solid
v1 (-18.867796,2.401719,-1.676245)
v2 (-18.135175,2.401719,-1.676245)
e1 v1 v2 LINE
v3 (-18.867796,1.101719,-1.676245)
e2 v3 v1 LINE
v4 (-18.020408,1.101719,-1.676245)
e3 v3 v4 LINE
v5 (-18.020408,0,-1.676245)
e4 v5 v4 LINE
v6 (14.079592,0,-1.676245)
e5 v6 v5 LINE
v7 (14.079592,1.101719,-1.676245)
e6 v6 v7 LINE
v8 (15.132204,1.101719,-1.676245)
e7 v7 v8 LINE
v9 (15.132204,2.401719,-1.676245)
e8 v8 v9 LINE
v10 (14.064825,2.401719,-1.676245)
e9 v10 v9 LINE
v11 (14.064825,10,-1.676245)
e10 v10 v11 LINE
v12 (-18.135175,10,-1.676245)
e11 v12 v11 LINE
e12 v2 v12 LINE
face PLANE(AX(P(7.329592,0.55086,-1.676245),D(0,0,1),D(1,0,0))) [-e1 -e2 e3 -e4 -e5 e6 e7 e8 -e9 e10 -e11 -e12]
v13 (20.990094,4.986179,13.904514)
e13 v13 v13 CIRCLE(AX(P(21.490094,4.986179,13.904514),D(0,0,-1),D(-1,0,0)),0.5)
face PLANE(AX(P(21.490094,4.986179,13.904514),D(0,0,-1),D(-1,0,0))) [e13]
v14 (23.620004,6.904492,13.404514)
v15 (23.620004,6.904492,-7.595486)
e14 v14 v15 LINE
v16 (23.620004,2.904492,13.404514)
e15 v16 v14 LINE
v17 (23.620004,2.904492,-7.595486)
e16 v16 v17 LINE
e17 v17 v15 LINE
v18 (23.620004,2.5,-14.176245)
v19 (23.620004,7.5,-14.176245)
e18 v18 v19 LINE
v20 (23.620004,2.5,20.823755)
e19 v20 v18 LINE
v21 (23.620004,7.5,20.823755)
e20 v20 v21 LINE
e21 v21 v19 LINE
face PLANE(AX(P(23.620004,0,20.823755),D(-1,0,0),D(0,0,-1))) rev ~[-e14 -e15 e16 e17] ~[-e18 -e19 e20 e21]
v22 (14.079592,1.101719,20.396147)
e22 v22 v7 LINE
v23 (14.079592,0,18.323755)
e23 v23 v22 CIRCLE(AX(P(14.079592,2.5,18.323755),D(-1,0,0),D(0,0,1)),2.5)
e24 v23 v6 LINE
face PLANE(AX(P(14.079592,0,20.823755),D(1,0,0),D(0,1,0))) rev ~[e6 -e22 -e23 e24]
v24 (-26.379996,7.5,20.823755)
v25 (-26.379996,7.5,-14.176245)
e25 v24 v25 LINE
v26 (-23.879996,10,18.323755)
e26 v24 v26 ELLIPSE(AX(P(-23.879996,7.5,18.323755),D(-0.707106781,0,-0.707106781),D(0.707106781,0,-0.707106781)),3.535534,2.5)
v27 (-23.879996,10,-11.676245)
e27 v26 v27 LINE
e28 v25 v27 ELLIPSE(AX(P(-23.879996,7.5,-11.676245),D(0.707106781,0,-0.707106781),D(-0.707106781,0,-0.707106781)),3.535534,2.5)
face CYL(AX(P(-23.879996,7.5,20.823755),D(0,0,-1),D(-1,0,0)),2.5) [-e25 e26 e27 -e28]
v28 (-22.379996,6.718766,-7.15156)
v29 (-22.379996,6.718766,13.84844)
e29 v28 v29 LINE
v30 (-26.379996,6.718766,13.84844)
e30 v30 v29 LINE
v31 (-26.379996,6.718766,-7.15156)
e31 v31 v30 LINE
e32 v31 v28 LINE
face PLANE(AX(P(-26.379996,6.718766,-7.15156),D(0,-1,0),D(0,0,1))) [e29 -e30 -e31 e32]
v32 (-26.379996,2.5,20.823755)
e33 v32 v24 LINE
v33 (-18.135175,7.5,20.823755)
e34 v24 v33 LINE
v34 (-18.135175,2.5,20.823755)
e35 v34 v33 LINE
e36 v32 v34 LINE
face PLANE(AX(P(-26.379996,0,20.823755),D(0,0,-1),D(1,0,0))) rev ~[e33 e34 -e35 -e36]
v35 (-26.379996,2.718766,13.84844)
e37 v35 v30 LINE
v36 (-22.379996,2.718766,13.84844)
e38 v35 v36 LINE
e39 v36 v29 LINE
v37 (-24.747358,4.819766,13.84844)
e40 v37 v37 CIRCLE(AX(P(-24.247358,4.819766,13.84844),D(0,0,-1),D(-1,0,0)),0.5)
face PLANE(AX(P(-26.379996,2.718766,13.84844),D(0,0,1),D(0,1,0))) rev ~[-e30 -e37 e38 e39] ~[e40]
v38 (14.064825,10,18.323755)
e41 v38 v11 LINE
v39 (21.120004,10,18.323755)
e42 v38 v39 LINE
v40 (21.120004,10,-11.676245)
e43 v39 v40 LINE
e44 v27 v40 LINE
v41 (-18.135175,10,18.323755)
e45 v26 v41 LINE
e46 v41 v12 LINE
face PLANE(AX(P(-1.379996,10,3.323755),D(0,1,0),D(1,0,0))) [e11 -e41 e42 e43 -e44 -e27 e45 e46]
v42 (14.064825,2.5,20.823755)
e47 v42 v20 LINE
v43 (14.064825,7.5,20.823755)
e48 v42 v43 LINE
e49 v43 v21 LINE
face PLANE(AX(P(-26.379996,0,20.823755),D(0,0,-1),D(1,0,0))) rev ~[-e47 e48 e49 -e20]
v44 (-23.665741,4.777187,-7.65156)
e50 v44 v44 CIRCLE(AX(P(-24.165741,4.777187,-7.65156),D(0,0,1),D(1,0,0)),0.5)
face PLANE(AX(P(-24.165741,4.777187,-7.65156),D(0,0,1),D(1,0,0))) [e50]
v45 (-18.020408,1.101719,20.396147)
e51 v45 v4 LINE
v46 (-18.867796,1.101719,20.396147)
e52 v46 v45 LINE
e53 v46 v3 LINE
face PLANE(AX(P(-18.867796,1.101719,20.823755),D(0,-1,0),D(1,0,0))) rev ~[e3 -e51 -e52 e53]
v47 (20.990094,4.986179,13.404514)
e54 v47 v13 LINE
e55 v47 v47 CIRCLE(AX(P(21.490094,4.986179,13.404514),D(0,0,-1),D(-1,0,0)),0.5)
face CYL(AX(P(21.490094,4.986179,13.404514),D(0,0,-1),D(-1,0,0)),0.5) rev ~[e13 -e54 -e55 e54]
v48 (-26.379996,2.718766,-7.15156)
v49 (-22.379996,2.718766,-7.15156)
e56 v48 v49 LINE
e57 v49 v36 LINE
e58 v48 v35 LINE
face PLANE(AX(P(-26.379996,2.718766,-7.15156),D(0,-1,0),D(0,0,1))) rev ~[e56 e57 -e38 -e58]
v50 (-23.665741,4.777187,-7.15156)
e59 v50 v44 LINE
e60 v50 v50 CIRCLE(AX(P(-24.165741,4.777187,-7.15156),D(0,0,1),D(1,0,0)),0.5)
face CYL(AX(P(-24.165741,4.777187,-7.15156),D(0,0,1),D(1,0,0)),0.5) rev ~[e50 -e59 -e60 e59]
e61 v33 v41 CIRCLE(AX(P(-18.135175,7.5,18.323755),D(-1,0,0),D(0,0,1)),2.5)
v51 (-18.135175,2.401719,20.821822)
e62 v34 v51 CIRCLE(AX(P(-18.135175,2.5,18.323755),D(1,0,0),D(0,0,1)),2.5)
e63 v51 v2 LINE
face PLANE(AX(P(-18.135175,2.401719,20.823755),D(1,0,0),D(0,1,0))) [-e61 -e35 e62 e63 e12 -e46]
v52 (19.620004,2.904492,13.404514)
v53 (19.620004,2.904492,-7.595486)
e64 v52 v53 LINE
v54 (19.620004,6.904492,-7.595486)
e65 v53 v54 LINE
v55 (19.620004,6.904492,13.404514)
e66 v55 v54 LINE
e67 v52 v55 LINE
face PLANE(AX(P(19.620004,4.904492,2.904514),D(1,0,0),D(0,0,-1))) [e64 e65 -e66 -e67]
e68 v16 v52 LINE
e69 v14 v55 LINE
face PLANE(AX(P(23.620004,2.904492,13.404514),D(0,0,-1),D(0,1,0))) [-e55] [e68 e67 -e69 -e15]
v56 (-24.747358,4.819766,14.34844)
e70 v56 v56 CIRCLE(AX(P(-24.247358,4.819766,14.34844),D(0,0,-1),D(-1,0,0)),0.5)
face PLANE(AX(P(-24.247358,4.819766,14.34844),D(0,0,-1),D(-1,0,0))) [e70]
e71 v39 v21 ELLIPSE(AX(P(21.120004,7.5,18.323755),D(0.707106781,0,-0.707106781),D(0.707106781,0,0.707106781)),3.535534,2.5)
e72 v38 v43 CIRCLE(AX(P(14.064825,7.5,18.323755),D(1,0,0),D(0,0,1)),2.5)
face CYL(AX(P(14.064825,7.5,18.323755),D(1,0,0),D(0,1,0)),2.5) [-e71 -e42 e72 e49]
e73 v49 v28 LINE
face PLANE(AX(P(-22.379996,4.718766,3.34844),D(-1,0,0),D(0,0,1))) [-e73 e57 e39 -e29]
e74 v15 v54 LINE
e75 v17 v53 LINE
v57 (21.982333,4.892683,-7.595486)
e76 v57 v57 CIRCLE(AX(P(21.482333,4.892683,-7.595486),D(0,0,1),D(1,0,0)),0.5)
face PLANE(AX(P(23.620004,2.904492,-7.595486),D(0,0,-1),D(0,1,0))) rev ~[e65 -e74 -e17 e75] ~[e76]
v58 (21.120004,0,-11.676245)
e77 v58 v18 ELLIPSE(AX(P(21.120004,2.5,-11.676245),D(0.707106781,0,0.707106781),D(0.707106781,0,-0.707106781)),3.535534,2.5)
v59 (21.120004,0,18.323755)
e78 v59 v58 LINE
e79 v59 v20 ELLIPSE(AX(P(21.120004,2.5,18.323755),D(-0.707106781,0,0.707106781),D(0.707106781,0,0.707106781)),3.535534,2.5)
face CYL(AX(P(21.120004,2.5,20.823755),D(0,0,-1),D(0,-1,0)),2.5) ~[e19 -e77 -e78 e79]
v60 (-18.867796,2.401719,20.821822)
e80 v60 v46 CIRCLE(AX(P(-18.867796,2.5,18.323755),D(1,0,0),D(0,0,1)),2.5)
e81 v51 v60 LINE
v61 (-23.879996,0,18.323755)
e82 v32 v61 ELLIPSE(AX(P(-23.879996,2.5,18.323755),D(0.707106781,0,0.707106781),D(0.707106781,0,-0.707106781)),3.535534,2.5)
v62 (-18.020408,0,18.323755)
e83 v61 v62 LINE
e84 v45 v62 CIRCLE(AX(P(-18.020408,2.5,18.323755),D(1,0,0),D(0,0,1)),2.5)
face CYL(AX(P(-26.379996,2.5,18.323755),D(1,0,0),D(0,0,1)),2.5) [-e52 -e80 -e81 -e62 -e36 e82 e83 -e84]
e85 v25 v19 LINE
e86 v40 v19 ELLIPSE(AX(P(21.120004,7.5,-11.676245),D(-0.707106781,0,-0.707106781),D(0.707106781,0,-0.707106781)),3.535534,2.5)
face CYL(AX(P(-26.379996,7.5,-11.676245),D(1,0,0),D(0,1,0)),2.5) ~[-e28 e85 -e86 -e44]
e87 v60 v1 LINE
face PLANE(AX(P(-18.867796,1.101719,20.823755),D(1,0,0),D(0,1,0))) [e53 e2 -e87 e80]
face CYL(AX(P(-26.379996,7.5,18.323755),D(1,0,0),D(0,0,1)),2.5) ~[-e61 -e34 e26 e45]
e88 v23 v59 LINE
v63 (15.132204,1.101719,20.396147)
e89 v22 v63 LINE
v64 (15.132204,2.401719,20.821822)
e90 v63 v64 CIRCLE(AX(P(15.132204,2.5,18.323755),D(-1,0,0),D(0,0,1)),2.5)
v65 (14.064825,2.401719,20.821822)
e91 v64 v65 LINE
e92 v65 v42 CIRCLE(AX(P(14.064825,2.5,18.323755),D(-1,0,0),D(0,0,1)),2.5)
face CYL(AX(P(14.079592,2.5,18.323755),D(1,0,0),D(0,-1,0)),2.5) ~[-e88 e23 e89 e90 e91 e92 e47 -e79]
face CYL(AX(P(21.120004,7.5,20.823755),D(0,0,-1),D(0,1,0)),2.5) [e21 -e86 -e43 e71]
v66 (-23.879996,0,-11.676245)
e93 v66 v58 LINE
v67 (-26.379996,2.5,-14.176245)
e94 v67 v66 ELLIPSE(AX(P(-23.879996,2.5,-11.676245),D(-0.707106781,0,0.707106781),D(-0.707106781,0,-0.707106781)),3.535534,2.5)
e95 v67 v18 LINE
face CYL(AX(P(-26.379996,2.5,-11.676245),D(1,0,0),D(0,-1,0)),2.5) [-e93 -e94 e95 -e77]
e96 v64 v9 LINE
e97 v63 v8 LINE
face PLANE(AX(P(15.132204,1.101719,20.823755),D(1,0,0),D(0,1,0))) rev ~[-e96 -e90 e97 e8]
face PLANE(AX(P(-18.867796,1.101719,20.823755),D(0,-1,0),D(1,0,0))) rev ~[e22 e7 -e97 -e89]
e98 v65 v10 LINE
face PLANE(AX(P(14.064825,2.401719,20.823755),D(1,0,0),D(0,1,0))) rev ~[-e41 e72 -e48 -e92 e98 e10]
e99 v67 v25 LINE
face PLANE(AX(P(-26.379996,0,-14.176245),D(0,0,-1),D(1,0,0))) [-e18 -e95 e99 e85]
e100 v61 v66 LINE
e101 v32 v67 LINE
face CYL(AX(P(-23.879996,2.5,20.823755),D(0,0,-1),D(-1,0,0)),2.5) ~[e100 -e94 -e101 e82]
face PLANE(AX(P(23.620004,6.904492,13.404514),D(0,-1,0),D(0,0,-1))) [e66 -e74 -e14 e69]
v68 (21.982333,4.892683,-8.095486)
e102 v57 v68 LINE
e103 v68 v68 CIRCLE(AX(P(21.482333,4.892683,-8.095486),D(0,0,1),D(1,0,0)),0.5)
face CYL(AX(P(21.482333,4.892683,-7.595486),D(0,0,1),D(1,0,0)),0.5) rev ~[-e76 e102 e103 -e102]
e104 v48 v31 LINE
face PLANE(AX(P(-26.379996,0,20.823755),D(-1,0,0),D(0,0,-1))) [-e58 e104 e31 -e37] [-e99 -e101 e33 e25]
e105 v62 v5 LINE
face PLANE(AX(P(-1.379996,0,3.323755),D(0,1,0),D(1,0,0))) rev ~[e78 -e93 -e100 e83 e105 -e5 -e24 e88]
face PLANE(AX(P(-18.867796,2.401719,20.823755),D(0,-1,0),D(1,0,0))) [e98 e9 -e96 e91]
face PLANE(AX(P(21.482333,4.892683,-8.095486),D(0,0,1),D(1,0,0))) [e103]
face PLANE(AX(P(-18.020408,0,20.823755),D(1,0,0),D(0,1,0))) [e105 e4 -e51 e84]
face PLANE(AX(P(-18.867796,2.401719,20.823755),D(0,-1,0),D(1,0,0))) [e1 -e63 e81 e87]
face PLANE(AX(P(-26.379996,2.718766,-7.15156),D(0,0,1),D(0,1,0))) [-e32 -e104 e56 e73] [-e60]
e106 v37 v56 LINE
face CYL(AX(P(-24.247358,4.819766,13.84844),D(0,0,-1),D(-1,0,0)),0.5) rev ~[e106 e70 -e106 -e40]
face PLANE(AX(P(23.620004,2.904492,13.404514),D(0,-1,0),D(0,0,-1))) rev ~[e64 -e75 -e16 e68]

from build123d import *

# Parameters (mm, degrees)
SKETCH1_W           = 50
SKETCH1_H           = 35
BOSS_EXTRUDE1_DEPTH = 10
SKETCH2_W           = 34
SKETCH2_H           = 1.3
CUT_EXTRUDE1_DEPTH  = 22.5
SKETCH3_W           = 15
SKETCH3_H           = 7.598280995
CUT_EXTRUDE2_DEPTH  = 22.5
SKETCH4_W           = 17.2
SKETCH4_H           = 7.598280995
CUT_EXTRUDE3_DEPTH  = 22.5
SKETCH5_W           = 13.5
SKETCH5_H           = 1.101719005
CUT_EXTRUDE4_DEPTH  = 22.5
SKETCH6_W           = 18.6
SKETCH6_H           = 1.101719005
CUT_EXTRUDE5_DEPTH  = 22.5
SKETCH7_W           = 21
SKETCH7_H           = 4
CUT_EXTRUDE6_DEPTH  = 4
SKETCH8_R           = 0.5
CUT_EXTRUDE7_DEPTH  = 0.5
SKETCH9_R           = 0.5
CUT_EXTRUDE8_DEPTH  = 0.5
SKETCH10_W          = 21
SKETCH10_H          = 4
CUT_EXTRUDE9_DEPTH  = 4
SKETCH11_R          = 0.5
CUT_EXTRUDE10_DEPTH = 0.5
SKETCH12_R          = 0.5
CUT_EXTRUDE11_DEPTH = 0.5
FILLET1_R           = 2.5


with BuildPart() as part:
    # Sketch1 → Boss-Extrude1 (new body)
    with BuildSketch(Plane(origin=(0, 0, 0), x_dir=(1, 0, 0), z_dir=(0, 1, 0))):
        with Locations((-1.379996057, -3.323754789)):
            Rectangle(SKETCH1_W, SKETCH1_H)
    extrude(amount=BOSS_EXTRUDE1_DEPTH)

    # Sketch2 → Cut-Extrude1 (cut)
    with BuildSketch(Plane.XY.offset(20.823754789)):
        with Locations((-1.867795916, 1.751719005)):
            Rectangle(SKETCH2_W, SKETCH2_H)
    extrude(amount=-CUT_EXTRUDE1_DEPTH, mode=Mode.SUBTRACT)

    # Sketch3 → Cut-Extrude2 (cut)
    with BuildSketch(Plane.XY.offset(20.823754789)):
        with Locations((6.564825068, 6.200859503)):
            Rectangle(SKETCH3_W, SKETCH3_H)
    extrude(amount=-CUT_EXTRUDE2_DEPTH, mode=Mode.SUBTRACT)

    # Sketch4 → Cut-Extrude3 (cut)
    with BuildSketch(Plane.XY.offset(20.823754789)):
        with Locations((-9.535174932, 6.200859503)):
            Rectangle(SKETCH4_W, SKETCH4_H)
    extrude(amount=-CUT_EXTRUDE3_DEPTH, mode=Mode.SUBTRACT)

    # Sketch5 → Cut-Extrude4 (cut)
    with BuildSketch(Plane.XY.offset(20.823754789)):
        with Locations((7.329591682, 0.550859503)):
            Rectangle(SKETCH5_W, SKETCH5_H)
    extrude(amount=-CUT_EXTRUDE4_DEPTH, mode=Mode.SUBTRACT)

    # Sketch6 → Cut-Extrude5 (cut)
    with BuildSketch(Plane.XY.offset(20.823754789)):
        with Locations((-8.720408318, 0.550859503)):
            Rectangle(SKETCH6_W, SKETCH6_H)
    extrude(amount=-CUT_EXTRUDE5_DEPTH, mode=Mode.SUBTRACT)

    # Sketch7 → Cut-Extrude6 (cut)
    with BuildSketch(Plane.ZY.offset(26.379996057)):
        with Locations((3.348440288, 4.718765764)):
            Rectangle(SKETCH7_W, SKETCH7_H)
    extrude(amount=-CUT_EXTRUDE6_DEPTH, mode=Mode.SUBTRACT)

    # Sketch8 → Cut-Extrude7 (cut)
    with BuildSketch(Plane.XY.offset(-7.151559712)):
        with Locations((-24.165741094, 4.777186657)):
            Circle(SKETCH8_R)
    extrude(amount=-CUT_EXTRUDE7_DEPTH, mode=Mode.SUBTRACT)

    # Sketch9 → Cut-Extrude8 (cut)
    with BuildSketch(Plane(origin=(0, 0, 13.848440288), x_dir=(-1, 0, 0), z_dir=(0, 0, -1))):
        with Locations((24.247358315, 4.819765538)):
            Circle(SKETCH9_R)
    extrude(amount=-CUT_EXTRUDE8_DEPTH, mode=Mode.SUBTRACT)

    # Sketch10 → Cut-Extrude9 (cut)
    with BuildSketch(Plane(origin=(23.620003943, 0, 0), x_dir=(0, 0, -1), z_dir=(1, 0, 0))):
        with Locations((-2.904513536, 4.904491876)):
            Rectangle(SKETCH10_W, SKETCH10_H)
    extrude(amount=-CUT_EXTRUDE9_DEPTH, mode=Mode.SUBTRACT)

    # Sketch11 → Cut-Extrude10 (cut)
    with BuildSketch(Plane(origin=(0, 0, 13.404513536), x_dir=(-1, 0, 0), z_dir=(0, 0, -1))):
        with Locations((-21.490093602, 4.986179228)):
            Circle(SKETCH11_R)
    extrude(amount=-CUT_EXTRUDE10_DEPTH, mode=Mode.SUBTRACT)

    # Sketch12 → Cut-Extrude11 (cut)
    with BuildSketch(Plane.XY.offset(-7.595486464)):
        with Locations((21.482332732, 4.892682942)):
            Circle(SKETCH12_R)
    extrude(amount=-CUT_EXTRUDE11_DEPTH, mode=Mode.SUBTRACT)

    # Fillet1
    fillet1_edges = [part.edges().sort_by_distance(p)[0] for p in [
        (-22.200202188, 0, 20.823754789),
        (18.849797812, 0, 20.823754789),
        (-26.379996057, 0, 3.323754789),
        (-26.379996057, 10, 3.323754789),
        (-22.257585495, 10, 20.823754789),
        (18.842414505, 10, 20.823754789),
        (-1.379996057, 0, -14.176245211),
        (-1.379996057, 10, -14.176245211),
        (23.620003943, 0, 3.323754789),
        (23.620003943, 10, 3.323754789),
    ]]
    fillet(fillet1_edges, radius=FILLET1_R)


solid = part.part
